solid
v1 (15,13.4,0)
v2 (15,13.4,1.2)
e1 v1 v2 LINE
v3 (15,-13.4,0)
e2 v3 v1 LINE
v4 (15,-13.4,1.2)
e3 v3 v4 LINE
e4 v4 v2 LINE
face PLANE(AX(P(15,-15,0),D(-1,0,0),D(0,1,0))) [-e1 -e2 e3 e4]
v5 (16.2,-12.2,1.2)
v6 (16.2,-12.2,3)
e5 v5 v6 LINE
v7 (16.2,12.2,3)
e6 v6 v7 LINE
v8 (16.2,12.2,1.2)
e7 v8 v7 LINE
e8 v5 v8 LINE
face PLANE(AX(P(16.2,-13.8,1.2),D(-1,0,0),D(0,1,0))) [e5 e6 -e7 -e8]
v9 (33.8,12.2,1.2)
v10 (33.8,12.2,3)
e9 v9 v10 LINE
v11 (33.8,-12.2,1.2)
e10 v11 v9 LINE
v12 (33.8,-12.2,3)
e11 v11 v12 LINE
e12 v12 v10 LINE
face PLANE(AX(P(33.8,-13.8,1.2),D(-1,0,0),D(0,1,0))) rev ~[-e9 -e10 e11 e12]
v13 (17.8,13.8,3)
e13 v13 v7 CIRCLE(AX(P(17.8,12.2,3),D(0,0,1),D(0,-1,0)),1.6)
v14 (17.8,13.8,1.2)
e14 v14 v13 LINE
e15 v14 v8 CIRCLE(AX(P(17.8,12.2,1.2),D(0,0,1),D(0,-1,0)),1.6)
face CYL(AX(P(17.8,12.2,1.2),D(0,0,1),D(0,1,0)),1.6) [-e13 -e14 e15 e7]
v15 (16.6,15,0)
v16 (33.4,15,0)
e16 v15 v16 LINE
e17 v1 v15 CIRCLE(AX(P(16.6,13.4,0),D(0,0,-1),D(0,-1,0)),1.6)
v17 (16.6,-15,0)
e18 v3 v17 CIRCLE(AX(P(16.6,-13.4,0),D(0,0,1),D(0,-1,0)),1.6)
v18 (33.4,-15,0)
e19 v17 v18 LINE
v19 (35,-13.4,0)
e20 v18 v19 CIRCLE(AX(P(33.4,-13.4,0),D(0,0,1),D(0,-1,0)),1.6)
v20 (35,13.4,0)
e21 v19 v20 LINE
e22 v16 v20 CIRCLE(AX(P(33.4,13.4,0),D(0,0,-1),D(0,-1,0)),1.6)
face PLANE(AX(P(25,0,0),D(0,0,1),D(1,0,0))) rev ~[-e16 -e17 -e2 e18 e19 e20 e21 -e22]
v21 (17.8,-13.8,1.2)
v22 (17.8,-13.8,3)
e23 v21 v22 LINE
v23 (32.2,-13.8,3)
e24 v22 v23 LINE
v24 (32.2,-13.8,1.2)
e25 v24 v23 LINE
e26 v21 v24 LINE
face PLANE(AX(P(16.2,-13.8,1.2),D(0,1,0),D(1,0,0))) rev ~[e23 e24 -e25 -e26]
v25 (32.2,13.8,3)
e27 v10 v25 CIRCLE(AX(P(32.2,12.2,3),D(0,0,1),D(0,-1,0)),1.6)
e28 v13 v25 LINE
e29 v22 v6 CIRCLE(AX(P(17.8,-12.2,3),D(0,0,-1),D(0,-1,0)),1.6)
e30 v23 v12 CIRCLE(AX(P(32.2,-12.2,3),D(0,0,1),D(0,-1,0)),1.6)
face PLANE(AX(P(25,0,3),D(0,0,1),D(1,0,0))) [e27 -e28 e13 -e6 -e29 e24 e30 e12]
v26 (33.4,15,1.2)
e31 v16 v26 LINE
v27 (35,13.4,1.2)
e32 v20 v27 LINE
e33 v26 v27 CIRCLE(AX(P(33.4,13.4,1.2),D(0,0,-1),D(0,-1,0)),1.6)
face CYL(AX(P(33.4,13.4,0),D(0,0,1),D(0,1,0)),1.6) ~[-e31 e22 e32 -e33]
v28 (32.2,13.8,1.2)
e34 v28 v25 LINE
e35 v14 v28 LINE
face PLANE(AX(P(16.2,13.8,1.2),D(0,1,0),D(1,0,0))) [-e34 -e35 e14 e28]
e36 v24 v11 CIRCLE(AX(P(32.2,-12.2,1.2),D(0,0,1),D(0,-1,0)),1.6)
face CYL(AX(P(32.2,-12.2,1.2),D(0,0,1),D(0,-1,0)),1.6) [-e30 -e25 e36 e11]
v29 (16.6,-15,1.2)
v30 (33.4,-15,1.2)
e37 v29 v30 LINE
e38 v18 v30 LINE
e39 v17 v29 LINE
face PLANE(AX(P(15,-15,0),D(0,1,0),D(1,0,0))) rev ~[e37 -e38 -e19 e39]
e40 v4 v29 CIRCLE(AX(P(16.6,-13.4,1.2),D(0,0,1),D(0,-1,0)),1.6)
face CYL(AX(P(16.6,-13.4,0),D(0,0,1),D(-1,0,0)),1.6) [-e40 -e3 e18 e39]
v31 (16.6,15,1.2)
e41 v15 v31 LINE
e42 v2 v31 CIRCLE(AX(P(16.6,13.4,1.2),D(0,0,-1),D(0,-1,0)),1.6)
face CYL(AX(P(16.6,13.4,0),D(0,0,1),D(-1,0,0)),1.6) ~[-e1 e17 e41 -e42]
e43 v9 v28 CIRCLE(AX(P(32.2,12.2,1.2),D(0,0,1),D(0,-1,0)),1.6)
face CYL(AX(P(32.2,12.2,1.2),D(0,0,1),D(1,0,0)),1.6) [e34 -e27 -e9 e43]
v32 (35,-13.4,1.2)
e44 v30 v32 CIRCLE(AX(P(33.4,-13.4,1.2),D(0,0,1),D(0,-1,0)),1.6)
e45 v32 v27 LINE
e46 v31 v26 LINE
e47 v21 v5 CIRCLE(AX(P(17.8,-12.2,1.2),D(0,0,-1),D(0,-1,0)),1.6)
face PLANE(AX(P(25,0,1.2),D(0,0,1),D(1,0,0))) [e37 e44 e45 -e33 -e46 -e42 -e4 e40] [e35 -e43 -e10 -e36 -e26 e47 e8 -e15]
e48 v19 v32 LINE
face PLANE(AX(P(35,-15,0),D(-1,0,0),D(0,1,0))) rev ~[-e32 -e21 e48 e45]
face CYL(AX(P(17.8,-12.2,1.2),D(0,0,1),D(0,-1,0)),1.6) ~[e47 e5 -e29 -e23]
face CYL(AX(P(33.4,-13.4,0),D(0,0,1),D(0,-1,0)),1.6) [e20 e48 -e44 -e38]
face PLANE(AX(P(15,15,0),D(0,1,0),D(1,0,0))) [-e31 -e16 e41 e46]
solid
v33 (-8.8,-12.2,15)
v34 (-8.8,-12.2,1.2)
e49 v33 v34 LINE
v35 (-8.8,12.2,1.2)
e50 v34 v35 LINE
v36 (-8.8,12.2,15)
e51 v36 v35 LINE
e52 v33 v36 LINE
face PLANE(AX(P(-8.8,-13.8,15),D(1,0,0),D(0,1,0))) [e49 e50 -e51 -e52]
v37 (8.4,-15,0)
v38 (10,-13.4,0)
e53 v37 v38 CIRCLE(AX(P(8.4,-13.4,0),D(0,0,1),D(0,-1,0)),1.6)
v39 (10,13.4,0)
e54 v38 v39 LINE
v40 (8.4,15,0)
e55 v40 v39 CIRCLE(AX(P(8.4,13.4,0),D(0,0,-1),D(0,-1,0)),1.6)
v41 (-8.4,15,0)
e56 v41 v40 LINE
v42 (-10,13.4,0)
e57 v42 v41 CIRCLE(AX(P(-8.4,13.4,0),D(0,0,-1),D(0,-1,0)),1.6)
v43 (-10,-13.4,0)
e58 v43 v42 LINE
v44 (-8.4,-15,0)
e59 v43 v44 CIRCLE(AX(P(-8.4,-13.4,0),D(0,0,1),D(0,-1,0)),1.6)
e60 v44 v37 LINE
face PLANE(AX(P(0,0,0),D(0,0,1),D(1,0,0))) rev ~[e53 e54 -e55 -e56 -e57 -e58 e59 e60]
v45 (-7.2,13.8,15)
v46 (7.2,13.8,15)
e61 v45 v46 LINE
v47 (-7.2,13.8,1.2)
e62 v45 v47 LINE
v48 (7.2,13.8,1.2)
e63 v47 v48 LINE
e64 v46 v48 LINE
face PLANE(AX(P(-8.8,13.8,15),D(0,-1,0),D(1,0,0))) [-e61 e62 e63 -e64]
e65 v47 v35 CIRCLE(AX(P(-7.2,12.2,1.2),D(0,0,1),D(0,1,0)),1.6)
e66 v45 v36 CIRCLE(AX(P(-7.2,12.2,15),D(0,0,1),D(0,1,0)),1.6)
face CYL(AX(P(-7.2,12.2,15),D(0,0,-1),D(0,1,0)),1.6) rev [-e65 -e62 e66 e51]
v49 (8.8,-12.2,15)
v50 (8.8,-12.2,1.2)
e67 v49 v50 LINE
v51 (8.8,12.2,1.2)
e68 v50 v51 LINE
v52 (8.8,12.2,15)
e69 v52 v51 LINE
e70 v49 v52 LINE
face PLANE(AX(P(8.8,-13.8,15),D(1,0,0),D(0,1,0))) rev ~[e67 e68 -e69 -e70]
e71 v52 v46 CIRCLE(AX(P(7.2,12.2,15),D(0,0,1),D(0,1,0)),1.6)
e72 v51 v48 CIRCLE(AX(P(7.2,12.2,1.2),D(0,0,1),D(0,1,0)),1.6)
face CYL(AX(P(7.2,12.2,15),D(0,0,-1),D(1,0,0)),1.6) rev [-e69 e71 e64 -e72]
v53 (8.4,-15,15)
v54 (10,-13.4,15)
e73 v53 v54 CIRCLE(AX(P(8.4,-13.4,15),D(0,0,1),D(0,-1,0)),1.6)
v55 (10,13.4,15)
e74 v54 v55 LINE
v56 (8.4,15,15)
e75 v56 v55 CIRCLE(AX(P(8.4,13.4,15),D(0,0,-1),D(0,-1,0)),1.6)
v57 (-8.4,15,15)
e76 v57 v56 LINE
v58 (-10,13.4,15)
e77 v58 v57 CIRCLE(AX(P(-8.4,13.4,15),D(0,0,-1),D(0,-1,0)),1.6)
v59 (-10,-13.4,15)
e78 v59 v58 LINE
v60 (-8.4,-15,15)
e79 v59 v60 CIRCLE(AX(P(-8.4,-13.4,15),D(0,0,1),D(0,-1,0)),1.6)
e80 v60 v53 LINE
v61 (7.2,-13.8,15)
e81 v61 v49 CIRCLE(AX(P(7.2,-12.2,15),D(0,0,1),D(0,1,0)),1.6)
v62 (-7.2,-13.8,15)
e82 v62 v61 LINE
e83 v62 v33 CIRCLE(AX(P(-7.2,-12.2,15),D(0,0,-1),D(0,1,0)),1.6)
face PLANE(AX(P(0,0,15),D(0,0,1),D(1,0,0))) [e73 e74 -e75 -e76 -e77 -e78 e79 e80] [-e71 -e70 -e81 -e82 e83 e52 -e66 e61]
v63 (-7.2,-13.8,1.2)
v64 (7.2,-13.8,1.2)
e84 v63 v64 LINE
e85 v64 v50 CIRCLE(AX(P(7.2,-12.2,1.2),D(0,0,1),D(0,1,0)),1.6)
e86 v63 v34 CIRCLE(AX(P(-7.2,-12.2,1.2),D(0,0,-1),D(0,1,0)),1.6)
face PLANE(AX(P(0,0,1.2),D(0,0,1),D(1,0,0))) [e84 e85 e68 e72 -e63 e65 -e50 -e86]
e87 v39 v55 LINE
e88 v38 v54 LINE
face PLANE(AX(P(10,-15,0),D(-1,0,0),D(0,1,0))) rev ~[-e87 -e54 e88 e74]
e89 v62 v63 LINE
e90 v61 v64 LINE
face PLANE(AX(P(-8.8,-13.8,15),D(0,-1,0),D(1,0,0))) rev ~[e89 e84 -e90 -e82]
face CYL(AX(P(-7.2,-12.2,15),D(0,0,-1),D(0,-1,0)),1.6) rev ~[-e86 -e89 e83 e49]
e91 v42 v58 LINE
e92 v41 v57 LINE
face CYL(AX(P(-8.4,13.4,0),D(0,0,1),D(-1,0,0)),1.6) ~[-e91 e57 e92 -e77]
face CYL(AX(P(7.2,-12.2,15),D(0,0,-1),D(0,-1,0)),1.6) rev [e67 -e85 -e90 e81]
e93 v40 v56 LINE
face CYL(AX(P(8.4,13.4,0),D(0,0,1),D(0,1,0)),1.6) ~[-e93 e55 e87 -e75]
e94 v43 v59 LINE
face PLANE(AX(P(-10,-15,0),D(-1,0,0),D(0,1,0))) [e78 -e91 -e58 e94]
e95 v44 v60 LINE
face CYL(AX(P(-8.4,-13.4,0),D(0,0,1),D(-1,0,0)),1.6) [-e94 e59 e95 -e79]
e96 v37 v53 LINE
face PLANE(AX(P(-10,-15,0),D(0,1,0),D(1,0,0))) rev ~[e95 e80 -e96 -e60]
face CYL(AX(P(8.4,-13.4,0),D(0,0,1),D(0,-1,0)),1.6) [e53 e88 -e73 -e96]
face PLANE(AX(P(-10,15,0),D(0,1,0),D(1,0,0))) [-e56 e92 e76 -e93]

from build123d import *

# Parameters (mm, degrees)
F4_W      = 20
F4_H      = 30
F5_DEPTH  = 15
F6_W      = 17.6
F6_H      = 27.6
F7_DEPTH  = 13.8
F8_R      = 1.6
F9_W      = 20
F9_H      = 30
F10_DEPTH = 1.2
F11_W     = 17.6
F11_H     = 27.6
F12_DEPTH = 1.8
F13_R     = 1.6


with BuildPart() as f5:
    # F4 (on Top) → F5 (new body)
    with BuildSketch(Plane.XY):
        Rectangle(F4_W, F4_H)
    extrude(amount=F5_DEPTH)

    # F6 (on face) → F7 (cut)
    with BuildSketch(Plane.XY.offset(15)):
        Rectangle(F6_W, F6_H)
    extrude(amount=-F7_DEPTH, mode=Mode.SUBTRACT)

    # F8
    f8_edges = [f5.edges().sort_by_distance(p)[0] for p in [
        (10, 15, 7.5),
        (10, -15, 7.5),
        (-10, -15, 7.5),
        (-10, 15, 7.5),
        (-8.8, 13.8, 8.1),
        (8.8, 13.8, 8.1),
        (8.8, -13.8, 8.1),
        (-8.8, -13.8, 8.1),
    ]]
    fillet(f8_edges, radius=F8_R)


with BuildPart() as f10:
    # F9 (on Top) → F10 (new body)
    with BuildSketch(Plane.XY):
        with Locations((25, 0)):
            Rectangle(F9_W, F9_H)
    extrude(amount=F10_DEPTH)

    # F11 (on face) → F12 (join)
    with BuildSketch(Plane.XY.offset(1.2)):
        with Locations((25, 0)):
            Rectangle(F11_W, F11_H)
    extrude(amount=F12_DEPTH)

    # F13
    f13_edges = [f10.edges().sort_by_distance(p)[0] for p in [
        (35, 15, 0.6),
        (33.8, 13.8, 2.1),
        (33.8, -13.8, 2.1),
        (35, -15, 0.6),
        (16.2, -13.8, 2.1),
        (15, -15, 0.6),
        (15, 15, 0.6),
        (16.2, 13.8, 2.1),
    ]]
    fillet(f13_edges, radius=F13_R)


solid = Compound([f5.part, f10.part])
